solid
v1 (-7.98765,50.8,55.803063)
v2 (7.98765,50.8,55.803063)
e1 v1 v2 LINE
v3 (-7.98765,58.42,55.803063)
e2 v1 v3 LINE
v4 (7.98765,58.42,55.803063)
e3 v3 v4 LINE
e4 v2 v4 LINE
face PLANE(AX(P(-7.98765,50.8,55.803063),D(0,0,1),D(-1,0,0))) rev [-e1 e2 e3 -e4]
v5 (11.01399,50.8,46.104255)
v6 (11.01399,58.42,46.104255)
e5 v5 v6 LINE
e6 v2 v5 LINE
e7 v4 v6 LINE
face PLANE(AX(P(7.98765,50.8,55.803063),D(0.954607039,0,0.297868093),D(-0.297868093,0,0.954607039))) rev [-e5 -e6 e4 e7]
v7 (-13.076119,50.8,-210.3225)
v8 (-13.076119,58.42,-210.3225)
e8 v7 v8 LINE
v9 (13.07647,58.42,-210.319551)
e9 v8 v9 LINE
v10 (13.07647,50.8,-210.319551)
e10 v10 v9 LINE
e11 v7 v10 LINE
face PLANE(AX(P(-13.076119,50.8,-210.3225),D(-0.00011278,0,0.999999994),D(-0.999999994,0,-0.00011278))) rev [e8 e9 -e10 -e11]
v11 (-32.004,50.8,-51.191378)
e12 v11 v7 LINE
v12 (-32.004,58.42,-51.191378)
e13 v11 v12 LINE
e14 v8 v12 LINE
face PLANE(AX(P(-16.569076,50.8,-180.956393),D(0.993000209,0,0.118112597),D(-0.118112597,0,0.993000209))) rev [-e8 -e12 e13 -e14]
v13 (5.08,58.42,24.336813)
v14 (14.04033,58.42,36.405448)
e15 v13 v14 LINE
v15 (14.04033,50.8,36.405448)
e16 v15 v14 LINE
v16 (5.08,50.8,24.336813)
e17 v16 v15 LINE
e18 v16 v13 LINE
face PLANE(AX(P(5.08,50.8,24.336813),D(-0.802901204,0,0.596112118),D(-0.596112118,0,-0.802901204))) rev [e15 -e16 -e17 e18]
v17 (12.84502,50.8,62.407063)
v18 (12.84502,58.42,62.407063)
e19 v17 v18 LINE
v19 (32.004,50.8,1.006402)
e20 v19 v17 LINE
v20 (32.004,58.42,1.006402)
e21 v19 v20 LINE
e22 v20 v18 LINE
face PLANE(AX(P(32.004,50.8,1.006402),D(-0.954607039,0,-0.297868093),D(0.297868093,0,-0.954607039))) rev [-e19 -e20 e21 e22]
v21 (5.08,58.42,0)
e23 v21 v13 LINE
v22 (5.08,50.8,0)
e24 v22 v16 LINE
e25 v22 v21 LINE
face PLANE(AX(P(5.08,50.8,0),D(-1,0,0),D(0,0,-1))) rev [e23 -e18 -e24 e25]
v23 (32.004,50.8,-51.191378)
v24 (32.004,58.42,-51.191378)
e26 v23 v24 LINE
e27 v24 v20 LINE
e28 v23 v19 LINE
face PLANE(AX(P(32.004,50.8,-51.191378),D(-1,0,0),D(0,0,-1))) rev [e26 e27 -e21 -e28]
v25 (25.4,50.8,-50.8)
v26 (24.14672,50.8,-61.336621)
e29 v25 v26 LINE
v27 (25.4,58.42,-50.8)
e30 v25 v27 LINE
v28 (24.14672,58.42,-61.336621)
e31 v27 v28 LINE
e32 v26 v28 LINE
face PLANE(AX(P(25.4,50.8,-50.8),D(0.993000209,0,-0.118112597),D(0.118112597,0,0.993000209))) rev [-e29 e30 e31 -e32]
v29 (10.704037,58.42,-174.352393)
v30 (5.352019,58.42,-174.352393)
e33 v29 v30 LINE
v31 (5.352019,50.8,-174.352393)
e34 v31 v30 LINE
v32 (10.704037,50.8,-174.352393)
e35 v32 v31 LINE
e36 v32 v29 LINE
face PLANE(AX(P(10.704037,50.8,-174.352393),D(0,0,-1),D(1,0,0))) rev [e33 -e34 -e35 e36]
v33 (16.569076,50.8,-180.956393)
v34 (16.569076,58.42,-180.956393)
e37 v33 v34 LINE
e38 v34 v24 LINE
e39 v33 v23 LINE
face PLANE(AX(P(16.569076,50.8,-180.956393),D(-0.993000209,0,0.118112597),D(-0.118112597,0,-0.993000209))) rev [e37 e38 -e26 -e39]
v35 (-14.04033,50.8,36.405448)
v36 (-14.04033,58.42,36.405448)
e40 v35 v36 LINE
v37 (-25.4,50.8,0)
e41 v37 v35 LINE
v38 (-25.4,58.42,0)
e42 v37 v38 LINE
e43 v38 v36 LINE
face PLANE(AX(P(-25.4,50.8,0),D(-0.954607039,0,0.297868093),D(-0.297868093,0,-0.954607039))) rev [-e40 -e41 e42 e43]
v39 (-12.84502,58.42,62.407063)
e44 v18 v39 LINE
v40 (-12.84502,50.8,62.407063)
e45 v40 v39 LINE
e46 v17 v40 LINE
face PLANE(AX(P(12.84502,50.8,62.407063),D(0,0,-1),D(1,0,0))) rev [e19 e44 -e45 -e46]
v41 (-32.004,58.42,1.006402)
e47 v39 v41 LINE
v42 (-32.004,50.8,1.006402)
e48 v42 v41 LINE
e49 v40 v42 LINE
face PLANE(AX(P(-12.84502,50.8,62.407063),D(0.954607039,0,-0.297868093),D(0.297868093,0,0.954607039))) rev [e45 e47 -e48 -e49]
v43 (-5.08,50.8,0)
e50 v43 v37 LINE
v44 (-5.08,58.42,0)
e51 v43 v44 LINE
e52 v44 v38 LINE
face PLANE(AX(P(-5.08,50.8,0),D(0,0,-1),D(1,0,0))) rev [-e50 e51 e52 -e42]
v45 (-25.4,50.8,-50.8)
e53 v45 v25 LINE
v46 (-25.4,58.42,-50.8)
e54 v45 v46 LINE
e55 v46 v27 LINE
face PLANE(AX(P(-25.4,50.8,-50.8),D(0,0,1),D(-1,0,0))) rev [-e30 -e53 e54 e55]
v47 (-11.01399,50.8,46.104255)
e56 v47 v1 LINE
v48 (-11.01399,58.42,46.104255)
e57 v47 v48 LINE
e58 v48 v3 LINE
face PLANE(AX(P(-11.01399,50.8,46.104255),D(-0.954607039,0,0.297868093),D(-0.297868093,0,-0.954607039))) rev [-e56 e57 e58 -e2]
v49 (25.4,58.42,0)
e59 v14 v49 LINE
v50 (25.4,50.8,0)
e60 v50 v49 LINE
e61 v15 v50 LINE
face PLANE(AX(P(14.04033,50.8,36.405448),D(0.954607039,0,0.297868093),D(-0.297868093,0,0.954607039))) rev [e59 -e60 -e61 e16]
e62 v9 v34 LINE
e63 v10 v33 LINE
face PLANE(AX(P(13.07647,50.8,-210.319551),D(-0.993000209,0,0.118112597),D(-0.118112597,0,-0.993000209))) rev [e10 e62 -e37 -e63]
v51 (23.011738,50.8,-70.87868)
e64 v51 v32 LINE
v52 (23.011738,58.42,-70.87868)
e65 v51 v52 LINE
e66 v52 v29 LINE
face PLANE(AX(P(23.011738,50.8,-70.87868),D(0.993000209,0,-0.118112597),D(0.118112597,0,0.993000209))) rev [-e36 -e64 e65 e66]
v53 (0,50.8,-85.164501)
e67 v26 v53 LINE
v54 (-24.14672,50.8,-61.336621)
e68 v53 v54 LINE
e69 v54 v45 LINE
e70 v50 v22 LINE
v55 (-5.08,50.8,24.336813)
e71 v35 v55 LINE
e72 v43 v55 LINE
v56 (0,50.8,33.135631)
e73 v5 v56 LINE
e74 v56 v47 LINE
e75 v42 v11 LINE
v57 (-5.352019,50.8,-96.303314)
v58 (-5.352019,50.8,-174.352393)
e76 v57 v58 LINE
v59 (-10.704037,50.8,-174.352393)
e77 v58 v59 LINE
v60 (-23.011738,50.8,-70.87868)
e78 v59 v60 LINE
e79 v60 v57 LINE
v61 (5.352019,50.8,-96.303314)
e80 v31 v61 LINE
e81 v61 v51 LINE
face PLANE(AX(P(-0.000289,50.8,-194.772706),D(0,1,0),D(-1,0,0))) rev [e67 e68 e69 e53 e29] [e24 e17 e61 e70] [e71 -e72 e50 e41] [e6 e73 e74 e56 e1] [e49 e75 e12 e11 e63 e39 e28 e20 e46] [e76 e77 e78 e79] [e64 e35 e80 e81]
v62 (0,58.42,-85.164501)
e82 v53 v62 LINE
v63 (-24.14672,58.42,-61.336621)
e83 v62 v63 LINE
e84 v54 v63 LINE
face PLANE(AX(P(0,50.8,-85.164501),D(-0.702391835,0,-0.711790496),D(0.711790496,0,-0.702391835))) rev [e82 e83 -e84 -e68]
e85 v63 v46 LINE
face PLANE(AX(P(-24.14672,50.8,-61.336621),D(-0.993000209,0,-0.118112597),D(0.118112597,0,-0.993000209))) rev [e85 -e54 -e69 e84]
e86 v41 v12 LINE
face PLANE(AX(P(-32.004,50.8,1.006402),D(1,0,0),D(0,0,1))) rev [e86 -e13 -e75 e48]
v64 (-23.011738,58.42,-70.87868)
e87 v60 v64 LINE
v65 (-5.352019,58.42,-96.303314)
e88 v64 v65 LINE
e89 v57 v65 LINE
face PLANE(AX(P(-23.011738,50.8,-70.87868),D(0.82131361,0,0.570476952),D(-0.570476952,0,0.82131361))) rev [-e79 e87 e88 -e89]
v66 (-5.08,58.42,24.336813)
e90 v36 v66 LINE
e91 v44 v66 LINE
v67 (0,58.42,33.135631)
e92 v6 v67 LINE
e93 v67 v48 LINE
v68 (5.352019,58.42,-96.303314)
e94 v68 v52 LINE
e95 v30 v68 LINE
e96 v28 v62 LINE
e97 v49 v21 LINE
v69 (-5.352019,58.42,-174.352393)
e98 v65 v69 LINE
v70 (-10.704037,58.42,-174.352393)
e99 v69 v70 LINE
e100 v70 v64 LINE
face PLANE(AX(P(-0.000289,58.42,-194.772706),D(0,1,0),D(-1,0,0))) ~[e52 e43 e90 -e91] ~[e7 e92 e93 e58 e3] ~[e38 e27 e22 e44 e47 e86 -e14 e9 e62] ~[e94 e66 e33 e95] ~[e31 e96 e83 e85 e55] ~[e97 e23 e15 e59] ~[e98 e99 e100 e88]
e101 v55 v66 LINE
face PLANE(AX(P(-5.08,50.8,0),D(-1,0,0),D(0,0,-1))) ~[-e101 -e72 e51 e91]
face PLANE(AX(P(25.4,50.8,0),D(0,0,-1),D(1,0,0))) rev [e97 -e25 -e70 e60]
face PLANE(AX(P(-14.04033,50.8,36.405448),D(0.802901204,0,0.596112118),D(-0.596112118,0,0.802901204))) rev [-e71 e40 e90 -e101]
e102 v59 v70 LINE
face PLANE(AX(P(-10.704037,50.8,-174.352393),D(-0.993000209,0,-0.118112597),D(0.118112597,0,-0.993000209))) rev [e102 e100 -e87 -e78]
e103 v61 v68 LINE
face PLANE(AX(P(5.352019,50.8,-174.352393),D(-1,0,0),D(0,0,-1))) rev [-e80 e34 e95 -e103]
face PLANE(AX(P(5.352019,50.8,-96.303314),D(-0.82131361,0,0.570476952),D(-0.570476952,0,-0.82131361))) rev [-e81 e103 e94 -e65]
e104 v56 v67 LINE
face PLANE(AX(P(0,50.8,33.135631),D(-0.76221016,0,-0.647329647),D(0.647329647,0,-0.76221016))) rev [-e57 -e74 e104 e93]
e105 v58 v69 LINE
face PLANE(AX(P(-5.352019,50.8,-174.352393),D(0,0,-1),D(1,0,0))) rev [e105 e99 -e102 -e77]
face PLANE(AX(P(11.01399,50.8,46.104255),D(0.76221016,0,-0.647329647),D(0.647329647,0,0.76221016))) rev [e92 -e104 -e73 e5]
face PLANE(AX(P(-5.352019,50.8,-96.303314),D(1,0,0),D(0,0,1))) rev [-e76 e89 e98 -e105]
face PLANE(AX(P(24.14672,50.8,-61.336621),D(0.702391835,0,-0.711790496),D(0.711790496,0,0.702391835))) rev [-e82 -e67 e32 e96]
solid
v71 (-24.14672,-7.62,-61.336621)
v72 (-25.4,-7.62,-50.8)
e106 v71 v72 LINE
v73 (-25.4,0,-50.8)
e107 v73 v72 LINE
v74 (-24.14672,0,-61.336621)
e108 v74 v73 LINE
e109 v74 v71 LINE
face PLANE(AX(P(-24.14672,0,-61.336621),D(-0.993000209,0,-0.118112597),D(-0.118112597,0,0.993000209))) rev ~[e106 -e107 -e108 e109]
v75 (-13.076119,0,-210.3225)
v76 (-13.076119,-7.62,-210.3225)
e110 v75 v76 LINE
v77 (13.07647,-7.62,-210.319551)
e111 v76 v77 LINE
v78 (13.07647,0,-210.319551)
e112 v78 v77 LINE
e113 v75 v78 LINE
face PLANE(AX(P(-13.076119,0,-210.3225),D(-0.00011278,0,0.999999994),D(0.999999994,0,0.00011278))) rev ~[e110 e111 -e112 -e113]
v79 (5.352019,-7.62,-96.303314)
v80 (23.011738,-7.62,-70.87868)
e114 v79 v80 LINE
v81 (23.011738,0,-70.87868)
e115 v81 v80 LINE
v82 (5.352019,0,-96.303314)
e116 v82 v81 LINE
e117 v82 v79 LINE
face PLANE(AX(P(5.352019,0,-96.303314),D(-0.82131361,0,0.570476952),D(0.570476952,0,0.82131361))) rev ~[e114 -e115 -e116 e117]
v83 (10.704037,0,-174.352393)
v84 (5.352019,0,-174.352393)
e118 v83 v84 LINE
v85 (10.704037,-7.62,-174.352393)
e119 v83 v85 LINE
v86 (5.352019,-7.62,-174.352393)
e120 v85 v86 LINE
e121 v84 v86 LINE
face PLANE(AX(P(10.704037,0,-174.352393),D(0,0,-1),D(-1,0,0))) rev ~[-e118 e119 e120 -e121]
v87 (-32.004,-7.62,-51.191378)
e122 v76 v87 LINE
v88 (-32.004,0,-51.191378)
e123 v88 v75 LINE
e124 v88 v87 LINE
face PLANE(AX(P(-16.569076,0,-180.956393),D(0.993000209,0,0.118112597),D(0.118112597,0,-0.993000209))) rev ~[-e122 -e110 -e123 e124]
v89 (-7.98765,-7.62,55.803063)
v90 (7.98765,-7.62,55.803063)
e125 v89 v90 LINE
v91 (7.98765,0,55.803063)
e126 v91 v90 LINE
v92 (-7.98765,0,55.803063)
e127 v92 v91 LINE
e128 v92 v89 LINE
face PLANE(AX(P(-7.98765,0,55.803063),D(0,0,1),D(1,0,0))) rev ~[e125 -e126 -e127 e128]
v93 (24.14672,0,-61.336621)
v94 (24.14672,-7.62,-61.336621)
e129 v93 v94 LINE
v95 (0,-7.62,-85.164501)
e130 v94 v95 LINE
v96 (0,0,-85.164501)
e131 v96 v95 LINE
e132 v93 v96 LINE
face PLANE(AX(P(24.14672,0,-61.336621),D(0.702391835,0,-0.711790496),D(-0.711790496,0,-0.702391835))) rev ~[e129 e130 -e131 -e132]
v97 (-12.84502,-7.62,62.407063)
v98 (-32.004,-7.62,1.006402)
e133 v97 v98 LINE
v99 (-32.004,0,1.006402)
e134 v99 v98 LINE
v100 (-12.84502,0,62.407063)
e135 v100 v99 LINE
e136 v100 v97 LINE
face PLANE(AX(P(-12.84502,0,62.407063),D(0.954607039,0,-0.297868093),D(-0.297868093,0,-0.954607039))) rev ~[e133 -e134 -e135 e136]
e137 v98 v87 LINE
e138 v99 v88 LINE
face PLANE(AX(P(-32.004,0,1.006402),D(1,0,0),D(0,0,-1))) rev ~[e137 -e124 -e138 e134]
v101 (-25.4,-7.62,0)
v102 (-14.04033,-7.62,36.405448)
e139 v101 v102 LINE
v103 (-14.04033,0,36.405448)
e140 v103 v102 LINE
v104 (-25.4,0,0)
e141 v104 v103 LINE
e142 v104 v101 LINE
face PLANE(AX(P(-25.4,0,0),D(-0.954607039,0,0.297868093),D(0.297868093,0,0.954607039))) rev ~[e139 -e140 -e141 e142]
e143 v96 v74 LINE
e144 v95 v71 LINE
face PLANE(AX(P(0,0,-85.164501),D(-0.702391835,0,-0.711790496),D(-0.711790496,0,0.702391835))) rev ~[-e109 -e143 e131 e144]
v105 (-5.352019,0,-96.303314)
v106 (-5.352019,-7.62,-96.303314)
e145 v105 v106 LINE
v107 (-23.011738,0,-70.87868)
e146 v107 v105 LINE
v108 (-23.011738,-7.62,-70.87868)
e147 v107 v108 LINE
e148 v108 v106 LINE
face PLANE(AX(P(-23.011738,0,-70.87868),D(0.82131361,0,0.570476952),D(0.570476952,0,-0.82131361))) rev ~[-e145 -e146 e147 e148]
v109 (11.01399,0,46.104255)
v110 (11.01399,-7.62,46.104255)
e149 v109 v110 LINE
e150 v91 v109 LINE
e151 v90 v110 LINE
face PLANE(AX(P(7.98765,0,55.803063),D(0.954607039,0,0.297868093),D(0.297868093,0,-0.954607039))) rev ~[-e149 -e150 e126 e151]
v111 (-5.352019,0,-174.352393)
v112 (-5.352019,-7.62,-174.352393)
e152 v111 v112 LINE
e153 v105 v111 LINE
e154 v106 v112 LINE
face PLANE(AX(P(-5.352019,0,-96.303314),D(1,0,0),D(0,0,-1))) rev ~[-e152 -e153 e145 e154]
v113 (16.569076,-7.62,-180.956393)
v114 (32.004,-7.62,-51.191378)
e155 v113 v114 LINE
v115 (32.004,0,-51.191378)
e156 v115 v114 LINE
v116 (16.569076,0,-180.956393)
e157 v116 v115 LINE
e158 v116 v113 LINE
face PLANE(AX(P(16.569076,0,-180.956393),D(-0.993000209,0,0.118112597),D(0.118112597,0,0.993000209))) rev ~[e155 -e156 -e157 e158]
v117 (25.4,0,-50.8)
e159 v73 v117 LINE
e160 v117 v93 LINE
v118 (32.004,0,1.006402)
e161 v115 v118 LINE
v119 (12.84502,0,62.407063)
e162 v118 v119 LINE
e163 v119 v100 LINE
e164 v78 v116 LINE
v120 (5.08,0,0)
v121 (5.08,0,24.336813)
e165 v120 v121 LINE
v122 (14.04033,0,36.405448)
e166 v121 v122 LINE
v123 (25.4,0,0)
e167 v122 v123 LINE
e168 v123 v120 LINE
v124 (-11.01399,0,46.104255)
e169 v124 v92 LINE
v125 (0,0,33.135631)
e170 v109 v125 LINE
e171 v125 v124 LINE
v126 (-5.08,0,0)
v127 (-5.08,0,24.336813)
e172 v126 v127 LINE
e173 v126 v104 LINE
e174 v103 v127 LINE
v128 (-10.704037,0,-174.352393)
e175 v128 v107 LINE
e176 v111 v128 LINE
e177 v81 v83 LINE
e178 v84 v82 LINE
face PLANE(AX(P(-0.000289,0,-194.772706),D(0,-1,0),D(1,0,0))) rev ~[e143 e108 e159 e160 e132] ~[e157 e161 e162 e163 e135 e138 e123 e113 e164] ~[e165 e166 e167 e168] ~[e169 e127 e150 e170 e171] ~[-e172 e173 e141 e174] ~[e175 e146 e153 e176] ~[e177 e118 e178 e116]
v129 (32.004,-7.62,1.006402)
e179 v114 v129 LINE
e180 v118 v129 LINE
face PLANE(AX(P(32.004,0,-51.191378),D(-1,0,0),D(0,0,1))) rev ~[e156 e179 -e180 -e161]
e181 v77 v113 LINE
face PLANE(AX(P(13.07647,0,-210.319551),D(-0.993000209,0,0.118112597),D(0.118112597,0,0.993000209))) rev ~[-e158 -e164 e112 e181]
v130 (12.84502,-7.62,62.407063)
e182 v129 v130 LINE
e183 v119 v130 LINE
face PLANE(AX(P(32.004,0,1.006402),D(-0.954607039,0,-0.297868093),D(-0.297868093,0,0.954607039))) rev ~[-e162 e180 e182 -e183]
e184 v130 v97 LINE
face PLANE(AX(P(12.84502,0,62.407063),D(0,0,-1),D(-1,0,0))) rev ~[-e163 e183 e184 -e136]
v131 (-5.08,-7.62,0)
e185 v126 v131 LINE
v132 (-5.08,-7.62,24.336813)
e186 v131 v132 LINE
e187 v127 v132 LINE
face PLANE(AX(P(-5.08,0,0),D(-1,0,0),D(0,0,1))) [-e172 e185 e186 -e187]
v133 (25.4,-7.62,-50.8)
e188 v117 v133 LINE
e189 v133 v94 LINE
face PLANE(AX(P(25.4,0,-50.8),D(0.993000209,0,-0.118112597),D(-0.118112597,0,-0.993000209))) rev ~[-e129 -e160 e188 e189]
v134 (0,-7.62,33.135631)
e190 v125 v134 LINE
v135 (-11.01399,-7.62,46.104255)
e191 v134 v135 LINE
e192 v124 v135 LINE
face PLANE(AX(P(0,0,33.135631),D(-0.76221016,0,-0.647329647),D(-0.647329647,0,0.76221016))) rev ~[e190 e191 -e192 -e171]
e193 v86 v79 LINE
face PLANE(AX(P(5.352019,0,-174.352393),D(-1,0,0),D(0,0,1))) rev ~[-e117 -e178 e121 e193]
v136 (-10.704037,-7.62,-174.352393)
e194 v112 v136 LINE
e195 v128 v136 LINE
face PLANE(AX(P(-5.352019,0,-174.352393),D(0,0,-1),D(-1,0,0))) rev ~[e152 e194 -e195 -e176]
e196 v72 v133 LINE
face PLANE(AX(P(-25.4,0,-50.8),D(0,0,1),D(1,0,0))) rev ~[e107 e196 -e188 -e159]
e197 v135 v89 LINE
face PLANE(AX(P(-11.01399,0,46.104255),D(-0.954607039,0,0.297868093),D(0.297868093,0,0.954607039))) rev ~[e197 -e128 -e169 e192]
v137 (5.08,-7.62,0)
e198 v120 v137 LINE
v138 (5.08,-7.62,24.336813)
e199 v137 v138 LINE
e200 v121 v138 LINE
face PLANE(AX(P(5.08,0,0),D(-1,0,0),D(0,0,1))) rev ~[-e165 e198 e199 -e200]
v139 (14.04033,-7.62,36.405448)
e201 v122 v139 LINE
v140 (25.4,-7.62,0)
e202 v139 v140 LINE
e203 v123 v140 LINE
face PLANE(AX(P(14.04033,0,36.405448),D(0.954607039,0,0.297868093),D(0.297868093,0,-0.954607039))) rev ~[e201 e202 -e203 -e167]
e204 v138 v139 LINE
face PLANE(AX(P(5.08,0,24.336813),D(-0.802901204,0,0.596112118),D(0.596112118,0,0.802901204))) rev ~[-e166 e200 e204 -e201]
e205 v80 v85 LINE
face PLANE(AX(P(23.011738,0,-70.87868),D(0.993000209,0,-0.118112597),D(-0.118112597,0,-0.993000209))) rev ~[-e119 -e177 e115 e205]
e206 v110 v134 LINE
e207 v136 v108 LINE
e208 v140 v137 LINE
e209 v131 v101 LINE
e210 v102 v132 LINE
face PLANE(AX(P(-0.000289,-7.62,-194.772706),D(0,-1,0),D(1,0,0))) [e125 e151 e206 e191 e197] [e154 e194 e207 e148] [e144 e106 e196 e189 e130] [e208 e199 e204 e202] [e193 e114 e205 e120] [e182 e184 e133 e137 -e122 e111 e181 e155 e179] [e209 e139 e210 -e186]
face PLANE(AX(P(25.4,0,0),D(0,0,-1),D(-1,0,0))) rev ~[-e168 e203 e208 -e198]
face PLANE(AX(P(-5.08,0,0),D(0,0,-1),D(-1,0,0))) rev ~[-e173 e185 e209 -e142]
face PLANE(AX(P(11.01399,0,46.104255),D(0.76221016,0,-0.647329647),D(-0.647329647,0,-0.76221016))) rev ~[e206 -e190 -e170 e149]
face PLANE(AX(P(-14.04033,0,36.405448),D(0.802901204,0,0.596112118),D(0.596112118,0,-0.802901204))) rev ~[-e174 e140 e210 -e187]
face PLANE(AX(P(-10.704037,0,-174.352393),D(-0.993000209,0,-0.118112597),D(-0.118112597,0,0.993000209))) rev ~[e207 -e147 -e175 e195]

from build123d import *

# Parameters (mm, degrees)
F0_W     = 10.16
F0_H     = 24.3368128691
F2_DEPTH = 7.62
F3_DEPTH = 7.62


with BuildPart() as f2:
    # F0 (on Front) → F2 (new body)
    with BuildSketch(Plane.XZ):
        Polygon((-12.8450196363, 62.4070629297), (-32.0040002187, 1.0064022663), (-32.0040002187, -51.1913775905), (-16.5690759636, -180.9563927729), (0, -180.9563927729), (16.5690759636, -180.9563927729), (32.0040002187, -51.1913775905), (32.0040002187, 1.0064022663), (12.8450196363, 62.4070629297), (0, 62.4070629297), align=None)
        Polygon((-25.4, -50.8), (-25.4, 0), (-14.0403296378, 36.4054476782), (-11.013989809, 46.1042551946), (-7.9876499802, 55.803062711), (0, 55.803062711), (7.9876499802, 55.803062711), (11.013989809, 46.1042551946), (14.0403296378, 36.4054476782), (25.4, 0), (25.4, -50.8), (24.1467196463, -61.3366208112), (23.01173757, -70.8786803595), (10.7040373175, -174.3523925543), (5.3520186588, -174.3523925543), (0, -174.3523925543), (-5.3520186588, -174.3523925543), (-10.7040373175, -174.3523925543), (-23.01173757, -70.8786803595), (-24.1467196463, -61.3366208112), align=None, mode=Mode.SUBTRACT)
        Polygon((-5.08, 0), (-25.4, 0), (-25.4, -50.8), (25.4, -50.8), (25.4, 0), (5.08, 0), align=None)
        Polygon((5.3520186588, -96.3033139706), (-5.3520186588, -96.3033139706), (-5.3520186588, -174.3523925543), (0, -174.3523925543), (5.3520186588, -174.3523925543), align=None)
        Polygon((0, -85.1645011197), (-24.1467196463, -61.3366208112), (-23.01173757, -70.8786803595), (-5.3520186588, -96.3033139706), align=None)
        Polygon((23.01173757, -70.8786803595), (24.1467196463, -61.3366208112), (0, -85.1645011197), (5.3520186588, -96.3033139706), align=None)
        with Locations((0, 12.1684064346)):
            Rectangle(F0_W, F0_H)
        Polygon((0, 33.1356309716), (5.08, 24.3368128691), (14.0403296378, 36.4054476782), (11.013989809, 46.1042551946), align=None)
        Polygon((-11.013989809, 46.1042551946), (-14.0403296378, 36.4054476782), (-5.08, 24.3368128691), (0, 33.1356309716), align=None)
        Polygon((5.3520186588, -96.3033139706), (0, -85.1645011197), (-5.3520186588, -96.3033139706), align=None)
        Polygon((0, 33.1356309716), (-5.08, 24.3368128691), (5.08, 24.3368128691), align=None)
    extrude(amount=F2_DEPTH)

    # F0 (on Front) → F3 (join)
    with BuildSketch(Plane.XZ):
        Polygon((0, -180.9563927729), (-16.5690759636, -180.9563927729), (-13.0761187439, -210.3225003842), (13.0764695727, -210.3195508841), (16.5690759636, -180.9563927729), align=None)
    extrude(amount=F3_DEPTH)


with BuildPart() as f4_1:
    # F4: instance of F2
    add(f2.part.mirror(Plane.XZ.offset(-25.4)))


solid = Compound([f2.part, f4_1.part])
